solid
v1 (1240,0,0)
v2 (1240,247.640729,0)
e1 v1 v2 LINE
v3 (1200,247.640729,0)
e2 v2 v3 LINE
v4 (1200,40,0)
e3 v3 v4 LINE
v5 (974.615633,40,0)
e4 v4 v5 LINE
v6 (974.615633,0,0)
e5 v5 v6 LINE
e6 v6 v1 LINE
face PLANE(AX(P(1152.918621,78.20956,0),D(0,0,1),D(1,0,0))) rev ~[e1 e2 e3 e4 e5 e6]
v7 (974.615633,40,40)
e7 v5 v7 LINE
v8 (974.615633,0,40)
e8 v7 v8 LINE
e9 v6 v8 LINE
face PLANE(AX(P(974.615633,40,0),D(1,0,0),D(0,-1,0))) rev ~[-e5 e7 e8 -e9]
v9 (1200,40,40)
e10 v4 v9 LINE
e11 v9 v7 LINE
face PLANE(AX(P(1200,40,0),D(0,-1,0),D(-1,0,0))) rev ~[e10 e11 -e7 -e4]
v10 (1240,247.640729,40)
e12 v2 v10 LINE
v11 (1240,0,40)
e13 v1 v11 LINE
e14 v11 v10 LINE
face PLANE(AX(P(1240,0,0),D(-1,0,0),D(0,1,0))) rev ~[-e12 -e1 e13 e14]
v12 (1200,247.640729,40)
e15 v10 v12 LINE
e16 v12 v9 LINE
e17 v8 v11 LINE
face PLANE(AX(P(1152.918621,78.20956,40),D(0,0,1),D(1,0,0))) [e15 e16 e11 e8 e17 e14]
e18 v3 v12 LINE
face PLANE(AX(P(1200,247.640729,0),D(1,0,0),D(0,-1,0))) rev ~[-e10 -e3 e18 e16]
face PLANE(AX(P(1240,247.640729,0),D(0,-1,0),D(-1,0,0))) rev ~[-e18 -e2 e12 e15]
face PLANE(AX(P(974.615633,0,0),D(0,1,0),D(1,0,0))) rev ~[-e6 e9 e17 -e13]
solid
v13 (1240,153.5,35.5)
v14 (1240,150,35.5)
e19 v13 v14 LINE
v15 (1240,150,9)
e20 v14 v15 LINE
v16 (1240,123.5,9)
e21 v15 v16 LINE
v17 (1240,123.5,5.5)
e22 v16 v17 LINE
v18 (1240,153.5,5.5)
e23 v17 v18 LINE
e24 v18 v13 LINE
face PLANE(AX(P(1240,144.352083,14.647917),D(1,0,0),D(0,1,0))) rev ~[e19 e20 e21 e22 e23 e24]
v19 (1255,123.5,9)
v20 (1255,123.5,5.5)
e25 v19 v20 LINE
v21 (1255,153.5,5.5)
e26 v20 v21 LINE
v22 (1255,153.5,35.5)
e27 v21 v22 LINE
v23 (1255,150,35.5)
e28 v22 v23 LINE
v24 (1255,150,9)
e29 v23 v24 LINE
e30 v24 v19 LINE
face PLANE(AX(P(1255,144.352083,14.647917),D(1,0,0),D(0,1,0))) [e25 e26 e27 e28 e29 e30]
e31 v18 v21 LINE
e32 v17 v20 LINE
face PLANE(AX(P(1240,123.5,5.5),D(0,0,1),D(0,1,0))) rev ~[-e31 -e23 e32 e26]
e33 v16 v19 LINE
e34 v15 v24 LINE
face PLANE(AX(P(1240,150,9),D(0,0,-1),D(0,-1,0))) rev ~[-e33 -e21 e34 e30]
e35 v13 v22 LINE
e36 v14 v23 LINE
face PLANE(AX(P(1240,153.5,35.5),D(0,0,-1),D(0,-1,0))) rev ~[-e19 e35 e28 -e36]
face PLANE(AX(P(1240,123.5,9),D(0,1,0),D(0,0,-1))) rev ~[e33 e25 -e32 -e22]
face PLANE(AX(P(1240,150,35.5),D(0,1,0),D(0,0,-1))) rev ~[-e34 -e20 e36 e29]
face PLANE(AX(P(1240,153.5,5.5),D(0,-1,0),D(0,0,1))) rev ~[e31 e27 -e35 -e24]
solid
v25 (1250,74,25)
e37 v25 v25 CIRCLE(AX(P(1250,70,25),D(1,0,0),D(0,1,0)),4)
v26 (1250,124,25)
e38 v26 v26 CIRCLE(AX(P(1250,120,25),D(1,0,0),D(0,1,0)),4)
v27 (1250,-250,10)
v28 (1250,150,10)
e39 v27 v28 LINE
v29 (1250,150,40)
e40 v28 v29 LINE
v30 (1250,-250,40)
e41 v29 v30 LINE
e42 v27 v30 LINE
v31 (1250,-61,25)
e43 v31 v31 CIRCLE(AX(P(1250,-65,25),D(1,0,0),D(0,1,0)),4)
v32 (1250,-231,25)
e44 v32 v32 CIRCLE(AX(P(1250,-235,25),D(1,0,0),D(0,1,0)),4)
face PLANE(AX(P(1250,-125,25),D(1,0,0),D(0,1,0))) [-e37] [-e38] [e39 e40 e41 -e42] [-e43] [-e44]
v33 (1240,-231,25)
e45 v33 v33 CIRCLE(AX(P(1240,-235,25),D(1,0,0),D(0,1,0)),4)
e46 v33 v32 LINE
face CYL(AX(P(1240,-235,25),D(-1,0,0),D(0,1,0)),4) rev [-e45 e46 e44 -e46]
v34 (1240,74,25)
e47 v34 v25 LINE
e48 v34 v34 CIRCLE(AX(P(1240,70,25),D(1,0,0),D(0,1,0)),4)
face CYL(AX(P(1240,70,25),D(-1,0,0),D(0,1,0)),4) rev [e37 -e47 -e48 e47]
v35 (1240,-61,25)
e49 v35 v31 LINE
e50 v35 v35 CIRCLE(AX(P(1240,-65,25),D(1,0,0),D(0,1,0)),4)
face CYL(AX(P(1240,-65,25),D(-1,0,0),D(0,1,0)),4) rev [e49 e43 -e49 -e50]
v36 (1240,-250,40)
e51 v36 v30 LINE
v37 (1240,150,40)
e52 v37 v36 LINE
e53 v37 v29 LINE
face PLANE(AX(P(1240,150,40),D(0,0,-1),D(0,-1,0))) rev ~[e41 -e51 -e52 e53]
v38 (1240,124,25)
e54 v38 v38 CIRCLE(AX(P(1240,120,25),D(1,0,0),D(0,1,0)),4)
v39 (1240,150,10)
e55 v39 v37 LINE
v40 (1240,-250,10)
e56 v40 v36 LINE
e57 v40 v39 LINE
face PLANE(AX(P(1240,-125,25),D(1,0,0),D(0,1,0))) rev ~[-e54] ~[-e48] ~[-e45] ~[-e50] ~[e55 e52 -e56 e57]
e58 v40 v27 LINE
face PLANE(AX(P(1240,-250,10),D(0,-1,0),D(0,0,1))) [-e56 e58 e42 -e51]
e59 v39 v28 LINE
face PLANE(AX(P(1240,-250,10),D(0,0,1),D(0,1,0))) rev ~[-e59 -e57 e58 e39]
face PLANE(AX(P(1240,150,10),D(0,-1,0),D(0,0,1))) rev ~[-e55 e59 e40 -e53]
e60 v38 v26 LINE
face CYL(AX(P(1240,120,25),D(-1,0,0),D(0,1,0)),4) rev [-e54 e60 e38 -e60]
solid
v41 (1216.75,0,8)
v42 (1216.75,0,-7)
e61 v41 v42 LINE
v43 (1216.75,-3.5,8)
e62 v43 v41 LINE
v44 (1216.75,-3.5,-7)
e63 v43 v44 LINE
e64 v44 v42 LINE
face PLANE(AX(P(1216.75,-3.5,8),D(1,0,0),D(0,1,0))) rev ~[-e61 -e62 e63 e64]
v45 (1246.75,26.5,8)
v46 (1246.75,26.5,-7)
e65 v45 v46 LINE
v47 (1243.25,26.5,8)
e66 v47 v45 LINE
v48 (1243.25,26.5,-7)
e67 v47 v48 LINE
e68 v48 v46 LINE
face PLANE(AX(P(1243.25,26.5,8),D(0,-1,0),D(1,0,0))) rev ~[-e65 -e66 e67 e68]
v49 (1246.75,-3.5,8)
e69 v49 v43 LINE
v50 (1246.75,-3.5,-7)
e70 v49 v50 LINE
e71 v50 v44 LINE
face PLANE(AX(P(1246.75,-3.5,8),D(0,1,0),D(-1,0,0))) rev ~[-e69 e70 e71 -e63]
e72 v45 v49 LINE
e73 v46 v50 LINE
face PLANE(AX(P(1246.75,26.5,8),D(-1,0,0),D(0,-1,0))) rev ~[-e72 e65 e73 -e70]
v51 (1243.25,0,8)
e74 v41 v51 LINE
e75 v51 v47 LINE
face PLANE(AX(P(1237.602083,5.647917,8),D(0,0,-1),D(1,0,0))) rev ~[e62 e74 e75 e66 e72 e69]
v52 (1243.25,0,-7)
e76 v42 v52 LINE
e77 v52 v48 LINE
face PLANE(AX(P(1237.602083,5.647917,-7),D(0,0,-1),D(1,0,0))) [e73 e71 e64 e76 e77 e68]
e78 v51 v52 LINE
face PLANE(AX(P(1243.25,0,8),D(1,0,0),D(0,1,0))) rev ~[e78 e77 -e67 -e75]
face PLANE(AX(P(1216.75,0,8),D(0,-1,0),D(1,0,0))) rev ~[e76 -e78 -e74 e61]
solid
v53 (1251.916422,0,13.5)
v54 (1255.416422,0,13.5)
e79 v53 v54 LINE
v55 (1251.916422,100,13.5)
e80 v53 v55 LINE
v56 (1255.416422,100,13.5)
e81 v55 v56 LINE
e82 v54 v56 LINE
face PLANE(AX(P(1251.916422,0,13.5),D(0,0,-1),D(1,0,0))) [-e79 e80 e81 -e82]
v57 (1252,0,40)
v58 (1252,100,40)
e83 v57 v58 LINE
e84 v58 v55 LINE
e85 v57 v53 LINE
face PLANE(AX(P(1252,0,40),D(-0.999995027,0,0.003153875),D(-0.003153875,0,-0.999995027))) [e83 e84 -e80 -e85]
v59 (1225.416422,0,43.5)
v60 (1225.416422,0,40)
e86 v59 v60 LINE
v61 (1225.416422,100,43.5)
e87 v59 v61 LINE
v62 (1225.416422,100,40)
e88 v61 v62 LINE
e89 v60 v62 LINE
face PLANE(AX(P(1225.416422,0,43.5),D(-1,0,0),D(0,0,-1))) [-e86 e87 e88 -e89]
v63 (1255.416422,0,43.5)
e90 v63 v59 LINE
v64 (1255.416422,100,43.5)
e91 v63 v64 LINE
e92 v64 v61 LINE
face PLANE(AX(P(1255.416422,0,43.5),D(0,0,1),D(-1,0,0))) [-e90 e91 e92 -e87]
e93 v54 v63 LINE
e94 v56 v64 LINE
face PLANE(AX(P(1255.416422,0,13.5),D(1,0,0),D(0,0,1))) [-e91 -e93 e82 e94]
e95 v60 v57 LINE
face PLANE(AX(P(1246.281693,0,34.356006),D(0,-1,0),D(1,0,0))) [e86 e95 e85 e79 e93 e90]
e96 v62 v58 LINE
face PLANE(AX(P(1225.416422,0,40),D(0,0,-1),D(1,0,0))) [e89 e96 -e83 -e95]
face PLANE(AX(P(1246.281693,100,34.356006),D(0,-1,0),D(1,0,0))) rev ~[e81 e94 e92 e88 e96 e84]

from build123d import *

# Parameters (mm, degrees)
F1_DEPTH  = 40
F2_W      = 250
F2_H      = 30
F2_R      = 4
F2_W_2    = 150
F3_DEPTH  = 10
F5_DEPTH  = 100
F7_DEPTH  = 15
F10_DEPTH = 15


with BuildPart() as f1:
    # F0 (on Top) → F1 (new body)
    with BuildSketch(Plane.XY):
        Polygon((974.6156334877, 40), (974.6156334877, 0), (1240, 0), (1240, 247.6407289505), (1200, 247.6407289505), (1200, 40), align=None)
    extrude(amount=F1_DEPTH)


with BuildPart() as f3:
    # F2 (on face) → F3 (new body)
    with BuildSketch(Plane.YZ.offset(1240)):
        with Locations((-125, 25)):
            Rectangle(F2_W, F2_H)
        with Locations((-235, 25)):
            Circle(F2_R, mode=Mode.SUBTRACT)
        with Locations((-65, 25)):
            Circle(F2_R, mode=Mode.SUBTRACT)
        with Locations((75, 25)):
            Rectangle(F2_W_2, F2_H)
        with Locations((70, 25)):
            Circle(F2_R, mode=Mode.SUBTRACT)
        with Locations((120, 25)):
            Circle(F2_R, mode=Mode.SUBTRACT)
    extrude(amount=F3_DEPTH)


with BuildPart() as f5:
    # F4 (on face) → F5 (new body)
    with BuildSketch(Plane.XZ):
        Polygon((1240, 40), (1252, 40), (1251.9164218903, 13.5), (1255.4164218903, 13.5), (1255.4164218903, 43.5), (1225.4164218903, 43.5), (1225.4164218903, 40), align=None)
    extrude(amount=-F5_DEPTH)


with BuildPart() as f7:
    # F6 (on face) → F7 (new body)
    with BuildSketch(Plane.YZ.offset(1240)):
        Polygon((150, 35.5), (150, 10), (150, 9), (123.5, 9), (123.5, 5.5), (153.5, 5.5), (153.5, 35.5), align=None)
    extrude(amount=F7_DEPTH)


with BuildPart() as f10:
    # F9 (on offset) → F10 (new body)
    with BuildSketch(Plane(origin=(0, 0, 8), x_dir=(1, 0, 0), z_dir=(0, 0, -1))):
        Polygon((1243.25, -26.5), (1246.75, -26.5), (1246.75, 3.5), (1216.75, 3.5), (1216.75, 0), (1243.25, 0), align=None)
    extrude(amount=F10_DEPTH)


solid = Compound([f1.part, f3.part, f5.part, f7.part, f10.part])
